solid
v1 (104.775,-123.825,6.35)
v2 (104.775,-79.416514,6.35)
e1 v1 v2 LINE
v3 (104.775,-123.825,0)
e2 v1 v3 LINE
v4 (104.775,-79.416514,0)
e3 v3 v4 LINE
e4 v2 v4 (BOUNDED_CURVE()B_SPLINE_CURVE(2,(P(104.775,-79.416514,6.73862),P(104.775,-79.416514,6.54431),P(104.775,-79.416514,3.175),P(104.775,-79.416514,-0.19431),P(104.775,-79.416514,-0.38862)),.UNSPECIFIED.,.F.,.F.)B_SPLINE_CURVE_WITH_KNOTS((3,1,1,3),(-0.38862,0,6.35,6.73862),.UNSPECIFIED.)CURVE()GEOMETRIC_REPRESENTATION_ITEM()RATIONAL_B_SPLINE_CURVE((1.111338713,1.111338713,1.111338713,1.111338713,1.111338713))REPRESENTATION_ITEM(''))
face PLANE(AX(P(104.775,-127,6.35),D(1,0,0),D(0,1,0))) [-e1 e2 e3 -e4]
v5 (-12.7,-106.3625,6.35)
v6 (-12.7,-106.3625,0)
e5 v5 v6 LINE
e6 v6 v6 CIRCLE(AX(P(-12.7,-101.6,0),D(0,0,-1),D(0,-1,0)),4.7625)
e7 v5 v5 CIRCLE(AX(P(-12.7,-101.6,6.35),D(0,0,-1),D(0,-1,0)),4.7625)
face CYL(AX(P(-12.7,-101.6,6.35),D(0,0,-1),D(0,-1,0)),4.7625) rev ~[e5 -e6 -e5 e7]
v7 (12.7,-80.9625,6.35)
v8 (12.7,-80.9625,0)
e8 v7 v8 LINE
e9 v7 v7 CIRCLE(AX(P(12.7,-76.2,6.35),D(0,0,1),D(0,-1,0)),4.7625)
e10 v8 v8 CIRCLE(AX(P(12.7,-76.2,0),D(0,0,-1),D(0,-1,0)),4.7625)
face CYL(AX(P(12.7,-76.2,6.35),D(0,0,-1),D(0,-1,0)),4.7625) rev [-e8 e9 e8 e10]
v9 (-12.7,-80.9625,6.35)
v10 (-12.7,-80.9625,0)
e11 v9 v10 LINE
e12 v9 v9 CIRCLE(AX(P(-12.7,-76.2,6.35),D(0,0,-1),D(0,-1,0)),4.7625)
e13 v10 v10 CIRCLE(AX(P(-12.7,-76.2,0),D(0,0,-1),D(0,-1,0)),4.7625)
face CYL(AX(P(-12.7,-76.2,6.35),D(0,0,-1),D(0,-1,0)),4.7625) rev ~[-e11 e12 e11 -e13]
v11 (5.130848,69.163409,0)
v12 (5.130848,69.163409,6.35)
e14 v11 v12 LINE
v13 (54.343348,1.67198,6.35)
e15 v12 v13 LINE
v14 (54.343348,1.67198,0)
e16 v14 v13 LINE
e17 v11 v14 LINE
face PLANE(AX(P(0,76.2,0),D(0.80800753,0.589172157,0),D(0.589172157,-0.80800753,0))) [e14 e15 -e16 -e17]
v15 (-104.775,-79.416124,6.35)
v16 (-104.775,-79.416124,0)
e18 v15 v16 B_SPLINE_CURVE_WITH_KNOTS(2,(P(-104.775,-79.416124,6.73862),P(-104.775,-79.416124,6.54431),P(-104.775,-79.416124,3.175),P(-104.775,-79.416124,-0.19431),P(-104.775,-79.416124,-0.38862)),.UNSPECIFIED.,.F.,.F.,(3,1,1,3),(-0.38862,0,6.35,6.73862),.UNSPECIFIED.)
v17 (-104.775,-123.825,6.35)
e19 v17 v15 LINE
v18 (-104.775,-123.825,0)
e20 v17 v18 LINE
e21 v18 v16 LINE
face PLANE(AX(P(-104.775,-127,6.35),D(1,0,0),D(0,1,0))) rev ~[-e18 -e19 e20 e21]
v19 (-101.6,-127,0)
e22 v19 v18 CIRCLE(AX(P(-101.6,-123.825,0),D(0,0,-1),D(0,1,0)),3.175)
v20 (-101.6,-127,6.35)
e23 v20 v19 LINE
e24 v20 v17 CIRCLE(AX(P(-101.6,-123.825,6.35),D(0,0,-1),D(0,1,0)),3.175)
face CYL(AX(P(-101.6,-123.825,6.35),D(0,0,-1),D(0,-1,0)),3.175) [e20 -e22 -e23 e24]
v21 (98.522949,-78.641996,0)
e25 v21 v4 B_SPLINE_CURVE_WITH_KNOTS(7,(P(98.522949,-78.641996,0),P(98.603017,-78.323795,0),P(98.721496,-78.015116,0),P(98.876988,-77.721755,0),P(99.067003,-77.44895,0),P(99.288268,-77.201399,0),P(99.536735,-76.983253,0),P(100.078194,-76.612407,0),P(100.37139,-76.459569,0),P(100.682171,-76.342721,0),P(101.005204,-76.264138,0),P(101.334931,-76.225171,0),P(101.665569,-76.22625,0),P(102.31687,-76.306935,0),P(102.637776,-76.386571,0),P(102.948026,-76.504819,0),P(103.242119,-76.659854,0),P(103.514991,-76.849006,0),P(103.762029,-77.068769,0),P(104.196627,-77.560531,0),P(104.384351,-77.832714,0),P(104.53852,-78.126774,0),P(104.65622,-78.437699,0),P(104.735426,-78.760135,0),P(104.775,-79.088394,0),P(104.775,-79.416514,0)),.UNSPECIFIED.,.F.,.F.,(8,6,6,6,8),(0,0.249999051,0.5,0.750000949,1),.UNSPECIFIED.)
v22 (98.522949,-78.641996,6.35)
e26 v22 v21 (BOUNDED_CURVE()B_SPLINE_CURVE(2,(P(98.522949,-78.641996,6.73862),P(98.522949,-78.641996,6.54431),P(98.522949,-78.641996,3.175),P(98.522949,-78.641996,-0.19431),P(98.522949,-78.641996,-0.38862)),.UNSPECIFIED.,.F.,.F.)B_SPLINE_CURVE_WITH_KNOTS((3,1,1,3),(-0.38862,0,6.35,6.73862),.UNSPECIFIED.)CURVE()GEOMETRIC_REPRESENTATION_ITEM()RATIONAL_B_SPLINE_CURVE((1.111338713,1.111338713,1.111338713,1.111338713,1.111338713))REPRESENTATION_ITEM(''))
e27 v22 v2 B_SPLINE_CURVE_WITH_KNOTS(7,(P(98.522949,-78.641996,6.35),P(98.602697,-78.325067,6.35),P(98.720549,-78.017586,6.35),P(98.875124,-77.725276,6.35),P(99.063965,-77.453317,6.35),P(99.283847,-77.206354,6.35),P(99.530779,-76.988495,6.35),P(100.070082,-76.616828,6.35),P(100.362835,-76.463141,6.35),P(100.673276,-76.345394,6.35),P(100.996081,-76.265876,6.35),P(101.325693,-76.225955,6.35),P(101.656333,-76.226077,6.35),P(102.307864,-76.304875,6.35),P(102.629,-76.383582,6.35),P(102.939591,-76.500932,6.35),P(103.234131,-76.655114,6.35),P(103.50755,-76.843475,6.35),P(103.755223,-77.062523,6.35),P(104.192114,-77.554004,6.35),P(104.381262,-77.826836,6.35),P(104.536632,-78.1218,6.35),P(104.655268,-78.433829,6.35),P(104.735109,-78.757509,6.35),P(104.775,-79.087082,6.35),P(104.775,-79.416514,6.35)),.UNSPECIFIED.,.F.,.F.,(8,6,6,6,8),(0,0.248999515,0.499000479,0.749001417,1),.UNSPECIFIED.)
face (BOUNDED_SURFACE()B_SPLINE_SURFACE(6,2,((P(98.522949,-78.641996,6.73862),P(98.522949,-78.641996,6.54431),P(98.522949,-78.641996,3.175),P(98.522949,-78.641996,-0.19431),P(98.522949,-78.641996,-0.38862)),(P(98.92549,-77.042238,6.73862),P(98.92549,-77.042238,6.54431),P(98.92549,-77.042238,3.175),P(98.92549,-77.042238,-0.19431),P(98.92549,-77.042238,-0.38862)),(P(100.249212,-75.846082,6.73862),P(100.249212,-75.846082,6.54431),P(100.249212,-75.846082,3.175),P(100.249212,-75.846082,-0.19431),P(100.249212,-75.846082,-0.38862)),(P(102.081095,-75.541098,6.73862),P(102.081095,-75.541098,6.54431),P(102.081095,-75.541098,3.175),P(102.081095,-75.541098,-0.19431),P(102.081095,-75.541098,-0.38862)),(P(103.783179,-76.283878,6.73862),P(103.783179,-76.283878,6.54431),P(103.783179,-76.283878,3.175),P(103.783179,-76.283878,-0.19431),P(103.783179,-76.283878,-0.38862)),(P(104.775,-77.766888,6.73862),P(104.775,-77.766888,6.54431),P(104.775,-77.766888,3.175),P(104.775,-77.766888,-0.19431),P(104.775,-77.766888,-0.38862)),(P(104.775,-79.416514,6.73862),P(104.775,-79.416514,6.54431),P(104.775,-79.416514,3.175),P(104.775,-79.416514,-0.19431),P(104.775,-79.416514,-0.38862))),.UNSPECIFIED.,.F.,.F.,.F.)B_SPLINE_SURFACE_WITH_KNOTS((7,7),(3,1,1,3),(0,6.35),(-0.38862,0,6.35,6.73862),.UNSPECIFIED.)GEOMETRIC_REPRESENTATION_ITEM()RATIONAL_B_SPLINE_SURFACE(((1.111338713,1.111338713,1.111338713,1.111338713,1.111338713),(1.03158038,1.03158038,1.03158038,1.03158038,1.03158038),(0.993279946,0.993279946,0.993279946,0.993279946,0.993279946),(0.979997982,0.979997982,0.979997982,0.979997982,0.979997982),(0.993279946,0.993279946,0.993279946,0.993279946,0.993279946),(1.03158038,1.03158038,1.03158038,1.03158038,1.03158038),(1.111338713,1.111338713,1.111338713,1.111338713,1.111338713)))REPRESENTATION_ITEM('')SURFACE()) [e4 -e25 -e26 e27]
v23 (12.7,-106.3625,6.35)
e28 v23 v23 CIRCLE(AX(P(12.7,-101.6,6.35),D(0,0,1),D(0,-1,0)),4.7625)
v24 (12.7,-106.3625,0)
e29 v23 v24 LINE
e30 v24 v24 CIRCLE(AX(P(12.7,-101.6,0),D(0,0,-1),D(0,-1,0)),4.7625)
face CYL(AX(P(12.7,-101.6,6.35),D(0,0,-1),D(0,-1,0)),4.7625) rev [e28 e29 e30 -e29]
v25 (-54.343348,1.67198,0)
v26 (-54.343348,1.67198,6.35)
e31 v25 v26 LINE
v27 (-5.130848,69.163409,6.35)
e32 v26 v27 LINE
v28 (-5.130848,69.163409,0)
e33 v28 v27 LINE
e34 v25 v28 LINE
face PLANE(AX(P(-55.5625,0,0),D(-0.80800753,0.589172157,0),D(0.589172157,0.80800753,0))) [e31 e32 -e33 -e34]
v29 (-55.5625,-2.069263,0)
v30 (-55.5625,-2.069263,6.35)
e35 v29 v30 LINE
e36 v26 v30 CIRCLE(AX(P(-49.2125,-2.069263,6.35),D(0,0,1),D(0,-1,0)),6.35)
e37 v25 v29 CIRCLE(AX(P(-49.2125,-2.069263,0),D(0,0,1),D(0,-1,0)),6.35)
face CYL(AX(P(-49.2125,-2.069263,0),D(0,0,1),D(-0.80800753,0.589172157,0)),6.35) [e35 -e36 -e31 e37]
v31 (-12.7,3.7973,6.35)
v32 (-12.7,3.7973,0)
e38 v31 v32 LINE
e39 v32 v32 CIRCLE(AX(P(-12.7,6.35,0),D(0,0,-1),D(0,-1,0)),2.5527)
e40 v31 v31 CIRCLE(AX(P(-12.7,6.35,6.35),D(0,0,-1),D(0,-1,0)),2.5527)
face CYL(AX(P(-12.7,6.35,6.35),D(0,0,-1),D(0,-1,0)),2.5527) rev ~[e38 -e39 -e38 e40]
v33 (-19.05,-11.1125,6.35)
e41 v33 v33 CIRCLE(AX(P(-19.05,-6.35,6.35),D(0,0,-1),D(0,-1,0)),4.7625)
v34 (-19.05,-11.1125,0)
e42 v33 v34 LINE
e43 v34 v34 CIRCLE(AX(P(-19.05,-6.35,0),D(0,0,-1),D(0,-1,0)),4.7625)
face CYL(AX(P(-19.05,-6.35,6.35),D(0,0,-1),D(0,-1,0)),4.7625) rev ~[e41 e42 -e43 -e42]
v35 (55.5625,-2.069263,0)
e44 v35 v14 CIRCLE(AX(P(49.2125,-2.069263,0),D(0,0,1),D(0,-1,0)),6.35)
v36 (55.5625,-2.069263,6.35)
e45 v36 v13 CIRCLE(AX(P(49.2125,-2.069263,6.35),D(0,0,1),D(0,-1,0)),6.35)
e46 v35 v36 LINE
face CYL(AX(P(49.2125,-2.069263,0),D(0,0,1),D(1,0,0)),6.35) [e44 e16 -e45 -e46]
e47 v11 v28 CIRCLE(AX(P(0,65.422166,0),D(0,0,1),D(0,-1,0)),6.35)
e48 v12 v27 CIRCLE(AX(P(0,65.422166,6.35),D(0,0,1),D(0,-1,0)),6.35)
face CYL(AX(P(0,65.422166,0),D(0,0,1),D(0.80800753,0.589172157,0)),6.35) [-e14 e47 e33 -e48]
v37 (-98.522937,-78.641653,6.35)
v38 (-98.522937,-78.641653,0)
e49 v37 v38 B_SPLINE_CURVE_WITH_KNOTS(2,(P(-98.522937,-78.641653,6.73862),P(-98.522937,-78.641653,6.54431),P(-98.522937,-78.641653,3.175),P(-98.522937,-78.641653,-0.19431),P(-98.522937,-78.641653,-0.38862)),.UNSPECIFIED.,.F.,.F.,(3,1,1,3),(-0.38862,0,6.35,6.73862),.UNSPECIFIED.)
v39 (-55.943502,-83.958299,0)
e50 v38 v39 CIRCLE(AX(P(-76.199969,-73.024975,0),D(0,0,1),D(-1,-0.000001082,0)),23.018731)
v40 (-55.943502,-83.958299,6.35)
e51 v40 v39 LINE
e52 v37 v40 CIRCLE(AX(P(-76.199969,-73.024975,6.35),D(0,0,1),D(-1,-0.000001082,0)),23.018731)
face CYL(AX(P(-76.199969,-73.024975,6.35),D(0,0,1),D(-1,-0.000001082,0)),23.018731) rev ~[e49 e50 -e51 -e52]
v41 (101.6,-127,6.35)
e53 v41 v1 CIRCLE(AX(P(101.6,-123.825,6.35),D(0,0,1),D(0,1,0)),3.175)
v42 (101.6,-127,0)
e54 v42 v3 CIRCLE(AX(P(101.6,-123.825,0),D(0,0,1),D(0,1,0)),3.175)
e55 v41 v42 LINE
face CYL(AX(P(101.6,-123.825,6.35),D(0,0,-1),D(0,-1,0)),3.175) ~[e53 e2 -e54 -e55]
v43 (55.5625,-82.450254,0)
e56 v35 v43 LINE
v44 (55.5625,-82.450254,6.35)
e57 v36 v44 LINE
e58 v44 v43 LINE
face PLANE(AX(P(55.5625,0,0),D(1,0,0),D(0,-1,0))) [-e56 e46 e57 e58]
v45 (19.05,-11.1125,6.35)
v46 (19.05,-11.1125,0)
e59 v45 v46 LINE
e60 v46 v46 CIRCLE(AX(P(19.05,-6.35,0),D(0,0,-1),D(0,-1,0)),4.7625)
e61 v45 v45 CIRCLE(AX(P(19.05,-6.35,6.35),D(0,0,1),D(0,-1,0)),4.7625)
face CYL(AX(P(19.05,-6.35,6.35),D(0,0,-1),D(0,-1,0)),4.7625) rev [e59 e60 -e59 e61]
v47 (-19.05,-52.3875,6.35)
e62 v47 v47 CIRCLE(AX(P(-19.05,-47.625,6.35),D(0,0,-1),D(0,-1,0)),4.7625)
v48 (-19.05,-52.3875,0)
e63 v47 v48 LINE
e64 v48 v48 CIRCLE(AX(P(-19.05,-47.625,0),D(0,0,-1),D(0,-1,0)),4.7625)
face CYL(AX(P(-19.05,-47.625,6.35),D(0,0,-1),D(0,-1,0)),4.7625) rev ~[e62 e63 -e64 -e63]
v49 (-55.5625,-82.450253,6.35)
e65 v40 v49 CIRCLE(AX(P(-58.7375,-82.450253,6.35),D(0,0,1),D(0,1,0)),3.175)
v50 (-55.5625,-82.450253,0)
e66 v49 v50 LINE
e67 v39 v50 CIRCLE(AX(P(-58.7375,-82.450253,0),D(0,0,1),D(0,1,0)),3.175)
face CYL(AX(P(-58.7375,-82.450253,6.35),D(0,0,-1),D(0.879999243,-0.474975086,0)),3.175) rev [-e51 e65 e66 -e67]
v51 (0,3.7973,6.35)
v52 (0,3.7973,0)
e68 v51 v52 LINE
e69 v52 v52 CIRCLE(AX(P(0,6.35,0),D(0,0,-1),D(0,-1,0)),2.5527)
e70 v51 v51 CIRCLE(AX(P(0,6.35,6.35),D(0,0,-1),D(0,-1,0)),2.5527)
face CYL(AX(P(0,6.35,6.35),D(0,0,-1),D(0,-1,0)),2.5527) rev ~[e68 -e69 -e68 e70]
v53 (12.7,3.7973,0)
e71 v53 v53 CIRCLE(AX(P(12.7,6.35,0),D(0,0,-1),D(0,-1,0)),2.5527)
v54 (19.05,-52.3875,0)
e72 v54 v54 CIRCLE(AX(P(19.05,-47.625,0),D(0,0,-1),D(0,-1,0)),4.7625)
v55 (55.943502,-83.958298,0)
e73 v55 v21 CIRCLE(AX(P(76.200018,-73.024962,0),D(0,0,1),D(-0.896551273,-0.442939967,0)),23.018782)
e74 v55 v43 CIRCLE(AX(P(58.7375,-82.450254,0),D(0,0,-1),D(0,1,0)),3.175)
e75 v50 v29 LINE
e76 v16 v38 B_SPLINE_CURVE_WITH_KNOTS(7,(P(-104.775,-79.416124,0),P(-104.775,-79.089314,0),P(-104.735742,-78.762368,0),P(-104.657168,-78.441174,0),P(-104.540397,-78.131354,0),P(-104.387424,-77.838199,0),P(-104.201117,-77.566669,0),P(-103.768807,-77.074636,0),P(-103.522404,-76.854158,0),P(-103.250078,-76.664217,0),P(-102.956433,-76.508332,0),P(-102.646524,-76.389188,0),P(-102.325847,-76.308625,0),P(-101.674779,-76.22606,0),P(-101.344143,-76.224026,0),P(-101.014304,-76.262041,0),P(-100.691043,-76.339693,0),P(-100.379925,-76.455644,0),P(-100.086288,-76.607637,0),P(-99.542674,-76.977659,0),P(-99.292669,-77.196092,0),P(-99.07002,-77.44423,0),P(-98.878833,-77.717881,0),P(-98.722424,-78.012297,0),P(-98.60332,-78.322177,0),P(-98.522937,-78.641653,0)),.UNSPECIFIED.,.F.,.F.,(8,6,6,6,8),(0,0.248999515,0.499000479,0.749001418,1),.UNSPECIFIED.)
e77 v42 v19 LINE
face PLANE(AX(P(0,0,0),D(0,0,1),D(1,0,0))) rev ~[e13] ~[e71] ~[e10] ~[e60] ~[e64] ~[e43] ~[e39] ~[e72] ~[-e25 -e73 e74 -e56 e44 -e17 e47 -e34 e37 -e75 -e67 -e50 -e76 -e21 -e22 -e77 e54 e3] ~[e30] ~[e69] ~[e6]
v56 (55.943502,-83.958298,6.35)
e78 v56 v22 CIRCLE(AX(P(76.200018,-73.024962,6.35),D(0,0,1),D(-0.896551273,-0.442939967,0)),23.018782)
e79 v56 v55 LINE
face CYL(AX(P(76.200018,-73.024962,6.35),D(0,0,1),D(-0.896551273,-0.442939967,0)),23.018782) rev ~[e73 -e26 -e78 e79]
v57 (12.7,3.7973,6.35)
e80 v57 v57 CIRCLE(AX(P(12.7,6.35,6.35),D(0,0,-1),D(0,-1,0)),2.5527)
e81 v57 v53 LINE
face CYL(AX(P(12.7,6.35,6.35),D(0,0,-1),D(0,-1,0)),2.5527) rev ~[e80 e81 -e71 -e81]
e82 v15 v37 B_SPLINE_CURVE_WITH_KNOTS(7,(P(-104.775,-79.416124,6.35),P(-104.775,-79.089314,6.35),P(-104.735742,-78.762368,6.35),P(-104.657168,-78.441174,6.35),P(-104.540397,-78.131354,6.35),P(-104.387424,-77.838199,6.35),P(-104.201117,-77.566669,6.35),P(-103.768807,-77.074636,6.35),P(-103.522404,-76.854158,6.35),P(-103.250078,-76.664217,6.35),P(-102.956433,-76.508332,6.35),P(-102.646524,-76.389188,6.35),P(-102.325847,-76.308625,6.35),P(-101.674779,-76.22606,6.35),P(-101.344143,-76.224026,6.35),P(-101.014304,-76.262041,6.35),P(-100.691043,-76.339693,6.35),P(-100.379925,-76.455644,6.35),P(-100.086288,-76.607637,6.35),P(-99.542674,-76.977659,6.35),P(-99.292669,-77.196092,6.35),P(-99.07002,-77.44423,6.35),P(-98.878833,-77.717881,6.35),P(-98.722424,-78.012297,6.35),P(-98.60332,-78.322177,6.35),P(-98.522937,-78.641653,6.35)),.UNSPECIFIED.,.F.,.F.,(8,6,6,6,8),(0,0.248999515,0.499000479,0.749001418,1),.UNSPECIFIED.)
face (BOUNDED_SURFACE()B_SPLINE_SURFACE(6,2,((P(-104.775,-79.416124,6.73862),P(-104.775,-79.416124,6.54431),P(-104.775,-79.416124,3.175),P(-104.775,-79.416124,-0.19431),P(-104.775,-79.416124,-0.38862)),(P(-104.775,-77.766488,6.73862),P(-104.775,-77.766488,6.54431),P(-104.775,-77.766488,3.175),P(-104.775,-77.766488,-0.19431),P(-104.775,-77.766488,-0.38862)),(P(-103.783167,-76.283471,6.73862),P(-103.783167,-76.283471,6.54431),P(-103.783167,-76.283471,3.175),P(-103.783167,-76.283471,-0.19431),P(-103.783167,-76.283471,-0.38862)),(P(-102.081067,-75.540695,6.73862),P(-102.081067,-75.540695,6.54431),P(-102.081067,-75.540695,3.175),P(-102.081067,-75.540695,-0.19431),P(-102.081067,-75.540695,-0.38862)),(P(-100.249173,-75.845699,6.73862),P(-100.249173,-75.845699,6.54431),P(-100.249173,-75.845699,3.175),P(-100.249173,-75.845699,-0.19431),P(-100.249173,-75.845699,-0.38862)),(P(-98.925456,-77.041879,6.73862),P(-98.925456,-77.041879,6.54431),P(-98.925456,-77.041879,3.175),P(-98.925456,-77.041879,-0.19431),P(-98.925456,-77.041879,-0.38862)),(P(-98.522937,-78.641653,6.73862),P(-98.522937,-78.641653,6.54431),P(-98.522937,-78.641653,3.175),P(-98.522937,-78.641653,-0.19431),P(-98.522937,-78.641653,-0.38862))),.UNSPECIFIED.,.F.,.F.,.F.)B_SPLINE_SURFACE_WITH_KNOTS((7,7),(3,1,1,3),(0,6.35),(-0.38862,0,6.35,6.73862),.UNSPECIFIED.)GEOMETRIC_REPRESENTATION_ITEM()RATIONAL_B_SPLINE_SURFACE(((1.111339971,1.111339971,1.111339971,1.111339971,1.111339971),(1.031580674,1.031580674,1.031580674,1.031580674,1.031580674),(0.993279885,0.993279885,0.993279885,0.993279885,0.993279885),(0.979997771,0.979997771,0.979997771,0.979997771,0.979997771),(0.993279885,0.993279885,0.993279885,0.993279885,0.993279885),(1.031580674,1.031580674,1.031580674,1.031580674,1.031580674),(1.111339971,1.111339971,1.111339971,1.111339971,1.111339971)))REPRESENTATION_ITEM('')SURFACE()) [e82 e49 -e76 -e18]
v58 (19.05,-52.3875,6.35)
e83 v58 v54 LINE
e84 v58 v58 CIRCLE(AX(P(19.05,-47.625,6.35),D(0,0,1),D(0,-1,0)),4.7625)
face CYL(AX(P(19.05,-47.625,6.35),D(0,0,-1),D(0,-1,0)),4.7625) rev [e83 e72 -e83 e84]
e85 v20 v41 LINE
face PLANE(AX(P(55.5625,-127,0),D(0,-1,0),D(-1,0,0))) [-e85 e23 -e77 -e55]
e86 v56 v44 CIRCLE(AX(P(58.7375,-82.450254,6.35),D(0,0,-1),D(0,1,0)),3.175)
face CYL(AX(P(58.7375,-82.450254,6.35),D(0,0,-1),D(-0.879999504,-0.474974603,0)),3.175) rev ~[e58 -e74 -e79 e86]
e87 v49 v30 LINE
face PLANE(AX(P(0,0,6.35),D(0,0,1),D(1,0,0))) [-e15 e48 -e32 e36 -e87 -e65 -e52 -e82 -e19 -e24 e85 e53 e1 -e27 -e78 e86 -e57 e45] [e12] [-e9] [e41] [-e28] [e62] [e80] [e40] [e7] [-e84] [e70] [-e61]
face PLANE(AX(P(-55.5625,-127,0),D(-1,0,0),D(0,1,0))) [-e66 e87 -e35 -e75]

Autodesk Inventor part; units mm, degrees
ref_plane "YZ Plane" through (0, 0, 0) normal (1, 0, 0) x (0, 1, 0)
ref_plane "XZ Plane" through (0, 0, 0) normal (0, 1, 0) x (-1, 0, 0)
ref_plane "XY Plane" through (0, 0, 0) normal (0, 0, 1) x (1, 0, 0)
sketch "Sketch1" plane through (0, 0, 0) normal (0, 0, 1) x (1, 0, 0)
  line L0 (55.5625, 0) -> (-55.5625, 0)
  line L1 (-55.5625, 0) -> (0, 76.2)
  line L2 (0, 76.2) -> (55.5625, 0)
  line L3 (-55.5625, 0) -> (55.5625, 0)
  line L4 (55.5625, 0) -> (55.5625, -127)
  line L5 (55.5625, -127) -> (-55.5625, -127)
  line L6 (-55.5625, -127) -> (-55.5625, 0)
  point P0 (0, 0)
  point P1 (0, 0)
  dimension "d0" = 111.125
  dimension "d1" = 76.2
  dimension "d14" = 127
extrude "Extrusion1" add sketch "Sketch1" along normal blind 6.35
sketch "Sketch2" plane through (0, 0, 6.35) normal (0, 0, 1) x (1, 0, 0)
  line L0 (-12.7, 6.35) -> (12.7, 6.35) construction
  line L1 (-55.5625, -127) -> (55.5625, -127) construction
  point P0 (0, 6.35)
  point P1 (0, 6.35)
  point P2 (0, 76.2)
  dimension "d6" = 25.4
  dimension "d15" = 133.35
hole "Hole1" at (-12.7, 6.35, 6.35) at (0, 6.35, 6.35) at (12.7, 6.35, 6.35) direction (0, 0, -1) diameter 5.1054 end through all clearance for "Flat Head Machine Screw (82)" size "#10" standard "Ansi Unified Screw Threads"
fillet "Fillet2" radius 6.35 5 edges at (-55.5625, 0, 3.175) (55.5625, 0, 3.175) (0, 76.2, 3.175) (-55.5625, -127, 3.175) (55.5625, -127, 3.175)
sketch "Sketch3" plane through (0, 0, 6.35) normal (0, 0, 1) x (1, 0, 0)
  arc A0 (49.2125, -127) -> (55.5625, -120.65) centre (49.2125, -120.65) ccw construction
  line L0 (55.5625, -120.65) -> (55.5625, -2.0693) construction
  arc A1 (55.5625, -2.0693) -> (54.3433, 1.672) centre (49.2125, -2.0693) ccw construction
  line L1 (54.3433, 1.672) -> (5.1308, 69.1634) construction
  arc A2 (5.1308, 69.1634) -> (-5.1308, 69.1634) centre (0, 65.4222) ccw construction
  line L2 (-5.1308, 69.1634) -> (-54.3433, 1.672) construction
  arc A3 (-54.3433, 1.672) -> (-55.5625, -2.0693) centre (-49.2125, -2.0693) ccw construction
  line L3 (-55.5625, -2.0693) -> (-55.5625, -120.65) construction
  arc A4 (-55.5625, -120.65) -> (-49.2125, -127) centre (-49.2125, -120.65) ccw construction
  line L4 (-49.2125, -127) -> (49.2125, -127) construction
  circle A5 centre (0, 6.35) radius 2.5527 construction
  circle A6 centre (-12.7, 6.35) radius 2.5527 construction
  circle A7 centre (12.7, 6.35) radius 2.5527 construction
  line L5 (0, 31.75) -> (-30.7945, 0.9555) construction
  line L6 (0, 31.75) -> (30.7945, 0.9555) construction
  point P0 (0, 0)
  dimension "d17" = 25.4
sketch "Sketch4" plane through (0, 0, 6.35) normal (0, 0, 1) x (1, 0, 0)
  arc A0 (49.2125, -127) -> (55.5625, -120.65) centre (49.2125, -120.65) ccw construction
  line L0 (55.5625, -120.65) -> (55.5625, -2.0693) construction
  arc A1 (55.5625, -2.0693) -> (54.3433, 1.672) centre (49.2125, -2.0693) ccw construction
  line L1 (54.3433, 1.672) -> (5.1308, 69.1634) construction
  arc A2 (5.1308, 69.1634) -> (-5.1308, 69.1634) centre (0, 65.4222) ccw construction
  line L2 (-5.1308, 69.1634) -> (-54.3433, 1.672) construction
  arc A3 (-54.3433, 1.672) -> (-55.5625, -2.0693) centre (-49.2125, -2.0693) ccw construction
  line L3 (-55.5625, -2.0693) -> (-55.5625, -120.65) construction
  arc A4 (-55.5625, -120.65) -> (-49.2125, -127) centre (-49.2125, -120.65) ccw construction
  line L4 (-49.2125, -127) -> (49.2125, -127) construction
  circle A5 centre (0, 6.35) radius 2.5527 construction
  circle A6 centre (-12.7, 6.35) radius 2.5527 construction
  circle A7 centre (12.7, 6.35) radius 2.5527 construction
  point P0 (0, 0)
  point P1 (-12.7, -101.6)
  point P2 (-12.7, -76.2)
  point P3 (-19.05, -47.625)
  point P4 (-19.05, -6.35)
  dimension "d24" = 12.7
  dimension "d25" = 19.05
  dimension "d26" = 53.975
  dimension "d27" = 19.05
  dimension "d28" = 12.7
  dimension "d29" = 82.55
  dimension "d30" = 107.95
hole "Hole2" at (-12.7, -101.6, 6.35) at (-12.7, -76.2, 6.35) at (-19.05, -47.625, 6.35) at (-19.05, -6.35, 6.35) direction (0, 0, -1) diameter 9.525 end through all
mirror "Mirror1" about plane through (0, 0, 0) normal (1, 0, 0) of "Hole2"
sketch "Sketch5" plane through (0, 0, 6.35) normal (0, 0, 1) x (1, 0, 0)
  circle A0 centre (-76.2, -73.025) radius 16.6688 construction
  circle A1 centre (76.2, -73.025) radius 16.6688 construction
  line L0 (-76.2, -73.025) -> (76.2, -73.025) construction
  line L1 (-49.2125, -127) -> (49.2125, -127) construction
  circle A2 centre (-76.2, -73.025) radius 23.0187 construction
  circle A3 centre (76.2, -73.025) radius 23.0187 construction
  line L2 (0, -127) -> (-104.775, -127)
  line L3 (0, -127) -> (104.775, -127)
  circle A4 centre (19.05, -47.625) radius 4.7625 construction
  circle A5 centre (19.05, -6.35) radius 4.7625 construction
  circle A6 centre (12.7, -76.2) radius 4.7625 construction
  circle A7 centre (12.7, -101.6) radius 4.7625 construction
  circle A8 centre (-19.05, -47.625) radius 4.7625 construction
  circle A9 centre (-12.7, -101.6) radius 4.7625 construction
  circle A10 centre (-12.7, -76.2) radius 4.7625 construction
  circle A11 centre (-19.05, -6.35) radius 4.7625 construction
  arc A12 (49.2125, -127) -> (55.5625, -120.65) centre (49.2125, -120.65) ccw projected
  line L4 (55.5625, -120.65) -> (55.5625, -2.0693) projected
  arc A13 (55.5625, -2.0693) -> (54.3433, 1.672) centre (49.2125, -2.0693) ccw construction
  line L5 (54.3433, 1.672) -> (5.1308, 69.1634) construction
  arc A14 (5.1308, 69.1634) -> (-5.1308, 69.1634) centre (0, 65.4222) ccw construction
  line L6 (-5.1308, 69.1634) -> (-54.3433, 1.672) construction
  arc A15 (-54.3433, 1.672) -> (-55.5625, -2.0693) centre (-49.2125, -2.0693) ccw construction
  line L7 (-55.5625, -2.0693) -> (-55.5625, -120.65) projected
  arc A16 (-55.5625, -120.65) -> (-49.2125, -127) centre (-49.2125, -120.65) ccw projected
  line L8 (-49.2125, -127) -> (49.2125, -127) construction
  circle A17 centre (0, 6.35) radius 2.5527 construction
  circle A18 centre (-12.7, 6.35) radius 2.5527 construction
  circle A19 centre (12.7, 6.35) radius 2.5527 construction
  arc A20 (-99.2187, -73.025) -> (-55.5625, -83.2209) centre (-76.2, -73.025) ccw
  line L9 (55.5625, -120.65) -> (55.5625, -2.0693) construction
  arc A21 (55.5625, -83.2209) -> (99.2188, -73.025) centre (76.2, -73.025) ccw
  line L10 (-104.775, -127) -> (-104.775, -73.025)
  line L11 (104.775, -127) -> (104.775, -73.025)
  line L12 (-104.775, -73.025) -> (-99.2187, -73.025)
  line L13 (99.2188, -73.025) -> (104.775, -73.025)
  point P0 (0, 0)
  point P1 (0, -73.025)
  dimension "d40" = 152.4
  dimension "d41" = 53.975
  dimension "d42" = 33.3375
  dimension "d43" = 6.35
  dimension "d46" = 104.775
extrude "Extrusion3" add sketch "Sketch5" against normal up to surface (6.35 mm away)
fillet "Fillet3" radius 3.175 8 edges at (-104.775, -73.025, 3.175) (-99.2187, -73.025, 3.175) (-55.5625, -83.2209, 3.175) (55.5625, -83.2209, 3.175) (99.2188, -73.025, 3.175) (104.775, -73.025, 3.175) (-104.775, -127, 3.175) (104.775, -127, 3.175)
properties part number "CL7-017" material "Polycarbonate, Smoke"
